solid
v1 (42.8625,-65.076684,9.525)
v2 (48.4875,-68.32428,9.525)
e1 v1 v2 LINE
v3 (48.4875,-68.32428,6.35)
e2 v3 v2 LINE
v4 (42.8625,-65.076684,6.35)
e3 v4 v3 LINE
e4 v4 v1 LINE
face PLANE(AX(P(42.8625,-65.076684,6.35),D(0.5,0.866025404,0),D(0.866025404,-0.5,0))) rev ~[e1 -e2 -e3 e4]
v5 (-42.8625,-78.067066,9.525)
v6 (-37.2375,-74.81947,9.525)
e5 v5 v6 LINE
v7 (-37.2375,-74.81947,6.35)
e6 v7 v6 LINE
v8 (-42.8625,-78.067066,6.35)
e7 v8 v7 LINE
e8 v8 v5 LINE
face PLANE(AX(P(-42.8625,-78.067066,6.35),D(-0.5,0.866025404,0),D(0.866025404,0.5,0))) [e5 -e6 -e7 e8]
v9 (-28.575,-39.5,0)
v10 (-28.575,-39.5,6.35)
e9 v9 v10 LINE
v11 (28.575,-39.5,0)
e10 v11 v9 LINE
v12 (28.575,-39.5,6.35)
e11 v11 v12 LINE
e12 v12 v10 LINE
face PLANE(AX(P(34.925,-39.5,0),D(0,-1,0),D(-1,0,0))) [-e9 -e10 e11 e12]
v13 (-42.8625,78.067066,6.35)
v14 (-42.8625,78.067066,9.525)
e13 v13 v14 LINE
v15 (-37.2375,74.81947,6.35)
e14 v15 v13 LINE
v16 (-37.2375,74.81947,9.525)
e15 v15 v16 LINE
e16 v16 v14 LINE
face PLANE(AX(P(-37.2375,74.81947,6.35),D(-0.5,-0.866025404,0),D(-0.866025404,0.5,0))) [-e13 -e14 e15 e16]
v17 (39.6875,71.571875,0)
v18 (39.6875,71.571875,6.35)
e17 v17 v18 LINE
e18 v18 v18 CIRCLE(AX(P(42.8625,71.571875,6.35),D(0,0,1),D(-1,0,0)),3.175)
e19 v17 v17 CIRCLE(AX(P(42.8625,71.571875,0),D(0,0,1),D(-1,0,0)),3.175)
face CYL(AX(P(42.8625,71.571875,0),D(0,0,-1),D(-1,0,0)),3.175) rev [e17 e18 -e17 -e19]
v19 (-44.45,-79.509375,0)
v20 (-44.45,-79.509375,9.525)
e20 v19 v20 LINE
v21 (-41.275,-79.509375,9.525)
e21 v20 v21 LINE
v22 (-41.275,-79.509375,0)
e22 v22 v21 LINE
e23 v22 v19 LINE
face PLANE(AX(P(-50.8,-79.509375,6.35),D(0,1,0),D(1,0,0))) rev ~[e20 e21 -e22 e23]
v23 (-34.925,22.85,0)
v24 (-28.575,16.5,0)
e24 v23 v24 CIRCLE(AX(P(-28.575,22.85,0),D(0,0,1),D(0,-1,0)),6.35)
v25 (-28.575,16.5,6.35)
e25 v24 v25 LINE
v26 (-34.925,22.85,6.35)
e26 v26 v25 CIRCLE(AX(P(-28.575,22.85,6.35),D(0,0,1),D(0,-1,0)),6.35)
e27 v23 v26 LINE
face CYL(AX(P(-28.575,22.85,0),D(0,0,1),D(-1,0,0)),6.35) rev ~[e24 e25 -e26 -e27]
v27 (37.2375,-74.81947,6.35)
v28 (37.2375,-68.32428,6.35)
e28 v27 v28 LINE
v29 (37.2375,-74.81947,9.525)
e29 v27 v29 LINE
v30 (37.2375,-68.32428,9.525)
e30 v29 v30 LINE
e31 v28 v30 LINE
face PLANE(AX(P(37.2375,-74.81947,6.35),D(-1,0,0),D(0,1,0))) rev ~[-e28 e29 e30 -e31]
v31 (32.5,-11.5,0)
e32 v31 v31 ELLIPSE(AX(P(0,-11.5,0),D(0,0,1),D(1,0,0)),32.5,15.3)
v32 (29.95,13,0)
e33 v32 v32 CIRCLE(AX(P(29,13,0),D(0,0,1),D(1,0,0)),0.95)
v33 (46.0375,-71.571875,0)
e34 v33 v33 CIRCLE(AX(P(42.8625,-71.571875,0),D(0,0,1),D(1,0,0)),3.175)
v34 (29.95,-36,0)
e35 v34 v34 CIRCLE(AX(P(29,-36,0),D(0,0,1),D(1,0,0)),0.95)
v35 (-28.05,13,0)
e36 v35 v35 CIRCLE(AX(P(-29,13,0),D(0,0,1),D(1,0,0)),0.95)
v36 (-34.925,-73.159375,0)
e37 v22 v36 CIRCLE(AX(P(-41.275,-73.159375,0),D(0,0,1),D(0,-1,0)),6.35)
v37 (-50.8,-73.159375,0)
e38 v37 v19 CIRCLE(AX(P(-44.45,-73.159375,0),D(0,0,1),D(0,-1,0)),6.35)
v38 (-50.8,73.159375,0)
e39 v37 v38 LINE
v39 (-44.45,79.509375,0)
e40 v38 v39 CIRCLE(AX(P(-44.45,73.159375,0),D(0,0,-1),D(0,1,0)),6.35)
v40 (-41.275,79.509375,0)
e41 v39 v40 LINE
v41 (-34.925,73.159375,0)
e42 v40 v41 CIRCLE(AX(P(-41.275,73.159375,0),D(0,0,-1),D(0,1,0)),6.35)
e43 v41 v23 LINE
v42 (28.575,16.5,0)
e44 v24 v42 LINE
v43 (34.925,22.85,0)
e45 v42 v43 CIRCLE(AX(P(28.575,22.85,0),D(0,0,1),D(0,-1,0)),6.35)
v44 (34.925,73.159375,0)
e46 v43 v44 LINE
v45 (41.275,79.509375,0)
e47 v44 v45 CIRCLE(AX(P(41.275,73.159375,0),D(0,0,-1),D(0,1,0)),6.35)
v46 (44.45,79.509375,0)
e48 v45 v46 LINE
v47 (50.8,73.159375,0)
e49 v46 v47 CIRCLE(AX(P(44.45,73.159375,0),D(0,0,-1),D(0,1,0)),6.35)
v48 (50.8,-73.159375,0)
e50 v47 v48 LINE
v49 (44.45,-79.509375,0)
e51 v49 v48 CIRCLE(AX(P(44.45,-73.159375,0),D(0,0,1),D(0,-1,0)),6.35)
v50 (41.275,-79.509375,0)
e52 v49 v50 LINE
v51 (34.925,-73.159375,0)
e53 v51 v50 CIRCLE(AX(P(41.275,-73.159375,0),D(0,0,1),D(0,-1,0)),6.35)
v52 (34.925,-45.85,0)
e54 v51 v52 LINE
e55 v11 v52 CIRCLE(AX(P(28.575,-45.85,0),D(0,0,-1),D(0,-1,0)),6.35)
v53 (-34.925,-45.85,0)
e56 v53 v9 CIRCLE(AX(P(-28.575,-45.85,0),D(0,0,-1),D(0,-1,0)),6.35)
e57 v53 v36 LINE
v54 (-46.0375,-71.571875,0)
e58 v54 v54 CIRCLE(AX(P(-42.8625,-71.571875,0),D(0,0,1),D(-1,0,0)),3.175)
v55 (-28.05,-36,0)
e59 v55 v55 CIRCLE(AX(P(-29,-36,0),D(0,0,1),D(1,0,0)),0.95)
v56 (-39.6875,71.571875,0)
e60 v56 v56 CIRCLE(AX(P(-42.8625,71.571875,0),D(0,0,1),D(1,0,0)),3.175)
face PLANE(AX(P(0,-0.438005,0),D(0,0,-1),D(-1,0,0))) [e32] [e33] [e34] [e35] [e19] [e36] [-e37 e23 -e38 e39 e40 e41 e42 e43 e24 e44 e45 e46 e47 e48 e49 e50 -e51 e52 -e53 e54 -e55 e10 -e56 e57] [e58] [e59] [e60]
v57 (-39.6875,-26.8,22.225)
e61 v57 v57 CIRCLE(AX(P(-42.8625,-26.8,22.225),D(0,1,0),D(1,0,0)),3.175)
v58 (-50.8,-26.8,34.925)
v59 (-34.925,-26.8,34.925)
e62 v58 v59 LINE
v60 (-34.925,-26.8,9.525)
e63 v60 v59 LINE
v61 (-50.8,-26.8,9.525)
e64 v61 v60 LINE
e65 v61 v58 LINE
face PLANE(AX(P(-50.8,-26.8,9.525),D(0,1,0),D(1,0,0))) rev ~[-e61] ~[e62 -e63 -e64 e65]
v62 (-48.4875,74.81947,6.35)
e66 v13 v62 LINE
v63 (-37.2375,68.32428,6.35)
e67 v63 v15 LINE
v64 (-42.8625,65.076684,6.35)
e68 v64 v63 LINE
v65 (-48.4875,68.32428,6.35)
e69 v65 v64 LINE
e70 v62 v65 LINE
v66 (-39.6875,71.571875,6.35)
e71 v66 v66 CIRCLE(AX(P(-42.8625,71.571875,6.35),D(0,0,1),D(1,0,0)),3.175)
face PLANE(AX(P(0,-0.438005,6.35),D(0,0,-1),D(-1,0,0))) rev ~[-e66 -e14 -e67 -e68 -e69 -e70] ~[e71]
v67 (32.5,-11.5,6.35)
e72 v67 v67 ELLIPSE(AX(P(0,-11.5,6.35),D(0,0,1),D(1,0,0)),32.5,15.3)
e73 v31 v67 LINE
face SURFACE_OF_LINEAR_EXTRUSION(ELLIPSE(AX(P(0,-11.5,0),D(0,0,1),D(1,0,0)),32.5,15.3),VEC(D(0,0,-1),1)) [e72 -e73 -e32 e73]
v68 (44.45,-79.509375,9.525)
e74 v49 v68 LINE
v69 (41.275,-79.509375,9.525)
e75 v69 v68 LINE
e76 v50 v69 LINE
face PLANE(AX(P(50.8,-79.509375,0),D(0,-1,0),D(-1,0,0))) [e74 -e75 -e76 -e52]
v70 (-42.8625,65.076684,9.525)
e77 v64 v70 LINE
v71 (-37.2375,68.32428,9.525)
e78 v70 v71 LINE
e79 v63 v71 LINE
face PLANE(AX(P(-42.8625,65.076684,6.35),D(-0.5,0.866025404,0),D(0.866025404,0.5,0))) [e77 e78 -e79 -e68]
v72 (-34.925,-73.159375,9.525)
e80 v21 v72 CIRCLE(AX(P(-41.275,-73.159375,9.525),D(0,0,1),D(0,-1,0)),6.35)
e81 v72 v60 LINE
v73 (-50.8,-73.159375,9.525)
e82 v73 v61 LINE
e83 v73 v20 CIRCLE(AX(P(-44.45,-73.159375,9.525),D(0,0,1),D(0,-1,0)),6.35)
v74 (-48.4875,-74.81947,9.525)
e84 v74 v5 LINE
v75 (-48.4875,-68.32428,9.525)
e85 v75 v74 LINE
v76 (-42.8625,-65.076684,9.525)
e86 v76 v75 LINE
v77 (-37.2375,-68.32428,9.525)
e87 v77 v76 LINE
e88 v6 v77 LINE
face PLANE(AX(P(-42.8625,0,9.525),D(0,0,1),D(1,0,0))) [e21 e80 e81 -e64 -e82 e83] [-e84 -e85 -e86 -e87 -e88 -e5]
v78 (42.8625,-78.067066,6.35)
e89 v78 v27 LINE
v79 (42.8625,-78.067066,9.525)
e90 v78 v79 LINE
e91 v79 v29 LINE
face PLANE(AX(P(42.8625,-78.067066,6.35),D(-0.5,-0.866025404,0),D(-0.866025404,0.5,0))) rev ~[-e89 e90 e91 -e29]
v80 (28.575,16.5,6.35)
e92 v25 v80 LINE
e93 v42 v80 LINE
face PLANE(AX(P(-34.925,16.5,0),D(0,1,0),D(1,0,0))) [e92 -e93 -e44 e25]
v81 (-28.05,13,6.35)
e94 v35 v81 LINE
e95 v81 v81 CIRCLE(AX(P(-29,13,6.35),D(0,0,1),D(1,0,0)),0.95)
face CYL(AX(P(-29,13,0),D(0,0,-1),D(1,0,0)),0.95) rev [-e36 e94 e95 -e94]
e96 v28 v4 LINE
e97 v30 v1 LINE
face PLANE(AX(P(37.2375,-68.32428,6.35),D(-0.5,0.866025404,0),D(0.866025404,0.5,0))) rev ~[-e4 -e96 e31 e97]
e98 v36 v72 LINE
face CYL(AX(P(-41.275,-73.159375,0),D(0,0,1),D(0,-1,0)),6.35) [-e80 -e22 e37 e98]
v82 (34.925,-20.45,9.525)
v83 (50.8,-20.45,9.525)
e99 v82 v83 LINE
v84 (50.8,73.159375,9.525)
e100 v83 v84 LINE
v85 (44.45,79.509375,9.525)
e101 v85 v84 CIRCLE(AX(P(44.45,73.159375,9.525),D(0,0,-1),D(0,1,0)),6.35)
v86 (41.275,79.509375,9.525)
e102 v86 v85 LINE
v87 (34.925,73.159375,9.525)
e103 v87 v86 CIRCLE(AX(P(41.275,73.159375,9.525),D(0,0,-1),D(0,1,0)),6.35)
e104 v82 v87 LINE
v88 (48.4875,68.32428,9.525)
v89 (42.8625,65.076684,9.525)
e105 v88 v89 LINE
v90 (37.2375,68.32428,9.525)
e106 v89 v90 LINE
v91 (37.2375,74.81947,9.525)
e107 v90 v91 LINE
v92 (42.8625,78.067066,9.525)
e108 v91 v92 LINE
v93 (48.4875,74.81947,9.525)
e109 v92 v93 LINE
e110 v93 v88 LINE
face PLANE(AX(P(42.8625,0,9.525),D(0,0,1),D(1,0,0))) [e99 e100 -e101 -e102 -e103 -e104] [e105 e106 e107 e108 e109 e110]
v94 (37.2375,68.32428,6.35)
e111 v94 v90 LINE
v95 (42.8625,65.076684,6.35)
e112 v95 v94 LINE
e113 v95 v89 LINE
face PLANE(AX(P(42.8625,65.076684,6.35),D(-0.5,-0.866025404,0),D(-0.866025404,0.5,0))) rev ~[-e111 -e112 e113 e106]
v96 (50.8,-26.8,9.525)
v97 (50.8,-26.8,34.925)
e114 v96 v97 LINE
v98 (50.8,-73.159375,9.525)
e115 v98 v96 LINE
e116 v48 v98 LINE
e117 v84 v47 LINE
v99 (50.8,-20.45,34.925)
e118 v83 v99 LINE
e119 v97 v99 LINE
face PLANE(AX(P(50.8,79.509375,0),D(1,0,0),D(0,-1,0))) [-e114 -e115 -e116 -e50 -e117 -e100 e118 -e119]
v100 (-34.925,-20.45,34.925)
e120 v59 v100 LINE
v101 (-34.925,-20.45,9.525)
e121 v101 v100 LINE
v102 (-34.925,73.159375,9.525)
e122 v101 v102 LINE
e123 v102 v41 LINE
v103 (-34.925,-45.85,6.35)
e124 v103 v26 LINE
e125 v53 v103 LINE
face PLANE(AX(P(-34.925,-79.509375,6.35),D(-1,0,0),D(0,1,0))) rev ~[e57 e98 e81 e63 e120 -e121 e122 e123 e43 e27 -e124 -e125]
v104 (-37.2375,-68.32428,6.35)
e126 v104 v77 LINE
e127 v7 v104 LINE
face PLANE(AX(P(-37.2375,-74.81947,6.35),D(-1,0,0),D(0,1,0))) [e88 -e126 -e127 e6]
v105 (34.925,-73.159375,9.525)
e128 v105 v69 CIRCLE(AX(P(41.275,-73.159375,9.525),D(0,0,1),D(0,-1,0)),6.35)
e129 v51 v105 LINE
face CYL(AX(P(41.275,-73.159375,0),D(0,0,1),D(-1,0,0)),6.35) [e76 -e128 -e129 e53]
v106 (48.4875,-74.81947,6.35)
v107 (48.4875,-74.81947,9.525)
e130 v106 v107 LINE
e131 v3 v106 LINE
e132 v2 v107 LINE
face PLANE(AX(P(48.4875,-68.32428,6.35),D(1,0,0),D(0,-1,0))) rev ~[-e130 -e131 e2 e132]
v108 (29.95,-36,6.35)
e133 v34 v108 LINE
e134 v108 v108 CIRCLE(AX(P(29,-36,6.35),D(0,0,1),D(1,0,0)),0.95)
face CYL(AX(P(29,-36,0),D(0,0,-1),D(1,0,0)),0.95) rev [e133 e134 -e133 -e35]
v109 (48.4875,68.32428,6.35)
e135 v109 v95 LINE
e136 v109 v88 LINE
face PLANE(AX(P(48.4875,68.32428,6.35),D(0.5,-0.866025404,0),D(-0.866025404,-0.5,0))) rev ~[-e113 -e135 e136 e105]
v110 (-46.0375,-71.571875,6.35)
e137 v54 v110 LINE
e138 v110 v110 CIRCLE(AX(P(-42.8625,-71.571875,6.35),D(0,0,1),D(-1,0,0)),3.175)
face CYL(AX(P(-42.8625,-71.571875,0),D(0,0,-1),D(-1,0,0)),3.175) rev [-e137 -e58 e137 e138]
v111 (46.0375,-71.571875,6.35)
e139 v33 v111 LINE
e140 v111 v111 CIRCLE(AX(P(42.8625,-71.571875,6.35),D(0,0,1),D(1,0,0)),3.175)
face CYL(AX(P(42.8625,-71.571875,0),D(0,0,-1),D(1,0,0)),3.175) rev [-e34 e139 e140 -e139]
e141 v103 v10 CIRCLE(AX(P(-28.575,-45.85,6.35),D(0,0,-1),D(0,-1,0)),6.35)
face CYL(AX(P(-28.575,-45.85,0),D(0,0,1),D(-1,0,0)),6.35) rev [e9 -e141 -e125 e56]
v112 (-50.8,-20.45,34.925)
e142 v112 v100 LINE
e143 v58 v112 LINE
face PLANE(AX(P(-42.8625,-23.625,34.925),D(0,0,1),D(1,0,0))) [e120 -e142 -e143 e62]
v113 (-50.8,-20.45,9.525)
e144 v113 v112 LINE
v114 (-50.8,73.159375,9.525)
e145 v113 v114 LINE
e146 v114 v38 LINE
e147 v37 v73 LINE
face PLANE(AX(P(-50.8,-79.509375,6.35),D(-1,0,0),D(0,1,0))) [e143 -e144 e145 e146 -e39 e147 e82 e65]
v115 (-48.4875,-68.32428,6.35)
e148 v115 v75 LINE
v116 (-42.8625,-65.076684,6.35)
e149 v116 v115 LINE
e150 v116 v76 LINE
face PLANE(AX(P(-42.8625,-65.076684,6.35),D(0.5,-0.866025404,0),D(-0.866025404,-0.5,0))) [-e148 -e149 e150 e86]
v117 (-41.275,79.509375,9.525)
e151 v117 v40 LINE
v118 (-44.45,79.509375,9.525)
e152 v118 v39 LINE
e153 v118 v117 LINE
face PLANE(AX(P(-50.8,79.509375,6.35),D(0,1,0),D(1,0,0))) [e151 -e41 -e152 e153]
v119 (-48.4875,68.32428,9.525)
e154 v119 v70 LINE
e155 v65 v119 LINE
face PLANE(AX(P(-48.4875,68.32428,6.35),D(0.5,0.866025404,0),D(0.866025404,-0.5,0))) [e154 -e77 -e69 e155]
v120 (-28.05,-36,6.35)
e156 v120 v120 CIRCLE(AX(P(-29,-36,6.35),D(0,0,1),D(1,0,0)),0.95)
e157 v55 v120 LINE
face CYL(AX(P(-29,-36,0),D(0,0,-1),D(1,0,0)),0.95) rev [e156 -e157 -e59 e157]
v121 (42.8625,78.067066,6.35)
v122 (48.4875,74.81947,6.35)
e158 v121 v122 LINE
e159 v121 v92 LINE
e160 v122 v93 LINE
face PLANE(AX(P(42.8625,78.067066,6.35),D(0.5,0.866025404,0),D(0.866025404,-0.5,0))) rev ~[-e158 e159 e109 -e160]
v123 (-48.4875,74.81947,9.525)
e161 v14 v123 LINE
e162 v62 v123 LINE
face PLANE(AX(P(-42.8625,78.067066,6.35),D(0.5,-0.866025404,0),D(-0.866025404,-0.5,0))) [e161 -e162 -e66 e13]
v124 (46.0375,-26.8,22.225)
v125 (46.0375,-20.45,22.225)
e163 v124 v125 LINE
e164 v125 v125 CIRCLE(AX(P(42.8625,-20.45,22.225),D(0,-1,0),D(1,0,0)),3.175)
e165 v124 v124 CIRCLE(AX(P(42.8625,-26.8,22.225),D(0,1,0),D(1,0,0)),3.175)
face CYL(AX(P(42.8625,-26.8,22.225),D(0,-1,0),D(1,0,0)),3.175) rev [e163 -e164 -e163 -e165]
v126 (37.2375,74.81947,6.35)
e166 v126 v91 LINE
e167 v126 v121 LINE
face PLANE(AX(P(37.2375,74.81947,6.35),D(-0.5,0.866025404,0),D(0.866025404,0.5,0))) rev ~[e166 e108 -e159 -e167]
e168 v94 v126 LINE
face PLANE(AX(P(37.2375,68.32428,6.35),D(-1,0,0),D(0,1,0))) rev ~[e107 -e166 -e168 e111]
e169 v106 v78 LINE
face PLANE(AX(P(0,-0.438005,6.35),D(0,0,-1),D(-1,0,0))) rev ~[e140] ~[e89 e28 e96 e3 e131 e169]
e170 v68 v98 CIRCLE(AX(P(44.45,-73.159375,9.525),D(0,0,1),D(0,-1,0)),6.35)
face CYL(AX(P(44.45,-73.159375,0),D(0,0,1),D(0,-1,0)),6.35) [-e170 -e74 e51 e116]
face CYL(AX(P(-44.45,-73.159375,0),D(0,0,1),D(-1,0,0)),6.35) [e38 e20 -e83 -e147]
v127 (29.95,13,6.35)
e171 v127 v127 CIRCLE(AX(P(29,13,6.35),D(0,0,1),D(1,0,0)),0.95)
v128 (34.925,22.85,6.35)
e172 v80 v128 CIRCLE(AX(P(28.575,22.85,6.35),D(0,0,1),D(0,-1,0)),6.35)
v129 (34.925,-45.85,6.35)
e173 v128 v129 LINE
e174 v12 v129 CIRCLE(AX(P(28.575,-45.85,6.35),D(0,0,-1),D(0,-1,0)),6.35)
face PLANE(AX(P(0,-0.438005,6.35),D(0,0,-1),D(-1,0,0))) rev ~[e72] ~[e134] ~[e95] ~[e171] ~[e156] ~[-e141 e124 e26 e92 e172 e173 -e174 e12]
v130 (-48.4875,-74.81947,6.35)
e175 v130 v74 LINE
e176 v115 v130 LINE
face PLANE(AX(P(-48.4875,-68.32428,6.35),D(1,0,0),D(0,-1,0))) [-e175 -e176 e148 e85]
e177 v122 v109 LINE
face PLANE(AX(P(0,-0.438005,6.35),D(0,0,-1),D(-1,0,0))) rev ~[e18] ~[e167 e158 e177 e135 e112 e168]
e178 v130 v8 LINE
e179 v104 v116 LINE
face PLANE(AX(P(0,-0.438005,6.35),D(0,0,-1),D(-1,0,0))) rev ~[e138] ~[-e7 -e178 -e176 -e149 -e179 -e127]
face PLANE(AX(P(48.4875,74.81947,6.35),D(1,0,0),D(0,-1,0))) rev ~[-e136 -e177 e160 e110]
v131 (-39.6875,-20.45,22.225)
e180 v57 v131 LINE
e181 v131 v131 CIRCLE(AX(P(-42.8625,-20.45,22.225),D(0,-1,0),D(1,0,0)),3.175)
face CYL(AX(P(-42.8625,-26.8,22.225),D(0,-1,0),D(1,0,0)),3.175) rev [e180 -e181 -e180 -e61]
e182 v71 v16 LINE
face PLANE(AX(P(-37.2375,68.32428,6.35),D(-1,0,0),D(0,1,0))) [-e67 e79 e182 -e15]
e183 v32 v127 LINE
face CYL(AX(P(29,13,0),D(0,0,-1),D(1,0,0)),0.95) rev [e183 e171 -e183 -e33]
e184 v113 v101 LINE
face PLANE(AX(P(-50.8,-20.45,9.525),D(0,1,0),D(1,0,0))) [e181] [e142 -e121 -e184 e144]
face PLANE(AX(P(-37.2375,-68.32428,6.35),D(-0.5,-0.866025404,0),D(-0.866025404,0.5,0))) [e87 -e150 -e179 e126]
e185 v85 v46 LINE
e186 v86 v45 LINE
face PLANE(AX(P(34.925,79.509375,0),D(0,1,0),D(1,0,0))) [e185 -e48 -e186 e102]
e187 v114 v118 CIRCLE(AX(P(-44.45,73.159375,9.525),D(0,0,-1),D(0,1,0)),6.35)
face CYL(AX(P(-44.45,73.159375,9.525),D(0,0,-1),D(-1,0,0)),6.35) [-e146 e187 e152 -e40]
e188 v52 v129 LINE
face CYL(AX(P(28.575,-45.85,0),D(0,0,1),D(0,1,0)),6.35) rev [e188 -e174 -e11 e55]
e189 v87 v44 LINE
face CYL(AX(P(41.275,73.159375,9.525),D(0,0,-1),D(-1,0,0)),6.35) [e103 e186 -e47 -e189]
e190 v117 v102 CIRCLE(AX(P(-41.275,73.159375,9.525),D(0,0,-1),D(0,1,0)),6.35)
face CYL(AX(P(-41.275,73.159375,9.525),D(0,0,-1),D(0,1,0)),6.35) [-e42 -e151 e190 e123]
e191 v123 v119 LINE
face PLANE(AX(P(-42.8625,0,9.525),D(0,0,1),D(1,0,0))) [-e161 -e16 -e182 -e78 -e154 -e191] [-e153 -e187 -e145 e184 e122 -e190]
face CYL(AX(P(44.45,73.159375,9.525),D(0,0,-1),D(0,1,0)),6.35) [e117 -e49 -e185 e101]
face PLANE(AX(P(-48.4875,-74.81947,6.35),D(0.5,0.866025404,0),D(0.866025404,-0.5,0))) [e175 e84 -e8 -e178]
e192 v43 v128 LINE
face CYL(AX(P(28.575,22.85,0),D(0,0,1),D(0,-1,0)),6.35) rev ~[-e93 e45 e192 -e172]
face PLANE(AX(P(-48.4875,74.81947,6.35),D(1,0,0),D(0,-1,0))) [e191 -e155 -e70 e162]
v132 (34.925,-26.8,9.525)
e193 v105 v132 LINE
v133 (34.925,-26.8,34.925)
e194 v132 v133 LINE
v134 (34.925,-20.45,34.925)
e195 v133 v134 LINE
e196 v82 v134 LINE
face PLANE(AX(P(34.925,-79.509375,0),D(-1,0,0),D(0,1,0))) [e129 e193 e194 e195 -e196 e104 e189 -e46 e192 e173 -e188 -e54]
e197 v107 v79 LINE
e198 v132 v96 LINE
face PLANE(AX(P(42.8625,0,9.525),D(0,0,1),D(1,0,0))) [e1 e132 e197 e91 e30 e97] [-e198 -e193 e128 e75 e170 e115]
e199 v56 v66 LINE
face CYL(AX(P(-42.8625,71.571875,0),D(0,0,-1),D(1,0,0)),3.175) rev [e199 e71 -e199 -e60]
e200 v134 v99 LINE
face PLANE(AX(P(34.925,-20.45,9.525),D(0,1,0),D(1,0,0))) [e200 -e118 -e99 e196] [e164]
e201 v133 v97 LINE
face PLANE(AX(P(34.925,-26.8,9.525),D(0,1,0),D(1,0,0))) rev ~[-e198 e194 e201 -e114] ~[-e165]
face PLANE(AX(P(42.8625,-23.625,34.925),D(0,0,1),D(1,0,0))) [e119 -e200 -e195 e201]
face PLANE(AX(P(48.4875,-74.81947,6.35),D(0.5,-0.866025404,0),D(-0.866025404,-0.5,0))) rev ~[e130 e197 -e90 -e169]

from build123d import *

# Parameters (mm, degrees)
SKETCH1_R           = 0.95
SKETCH1_R_2         = 3.175
SKETCH1_RX          = 32.5
SKETCH1_RY          = 15.3
BOSS_EXTRUDE1_DEPTH = 6.35
SKETCH2_W           = 15.875
SKETCH2_H           = 159.01875
BOSS_EXTRUDE2_DEPTH = 3.175
SKETCH3_W           = 15.875
SKETCH3_H           = 6.35
BOSS_EXTRUDE3_DEPTH = 25.4
SKETCH4_R           = 3.175
CUT_EXTRUDE1_DEPTH  = 123.890515655
FILLET2_R           = 6.35


with BuildPart() as part:
    # Sketch1 → Boss-Extrude1 (new body)
    with BuildSketch(Plane.XY):
        Polygon((-50.8, -79.509375), (-50.8, 79.509375), (-34.925, 79.509375), (-34.925, 16.5), (34.925, 16.5), (34.925, 79.509375), (50.8, 79.509375), (50.8, -79.509375), (34.925, -79.509375), (34.925, -39.5), (-34.925, -39.5), (-34.925, -79.509375), align=None)
        with Locations((29, 13)):
            Circle(SKETCH1_R, mode=Mode.SUBTRACT)
        with Locations((29, -36)):
            Circle(SKETCH1_R, mode=Mode.SUBTRACT)
        with Locations((-29, -36)):
            Circle(SKETCH1_R, mode=Mode.SUBTRACT)
        with Locations((-29, 13)):
            Circle(SKETCH1_R, mode=Mode.SUBTRACT)
        with Locations((-42.8625, 71.571875)):
            Circle(SKETCH1_R_2, mode=Mode.SUBTRACT)
        with Locations(Location((42.8625, 71.571875, 0), (0, 0, 180))):
            Circle(SKETCH1_R_2, mode=Mode.SUBTRACT)
        with Locations(Location((-42.8625, -71.571875, 0), (0, 0, 180))):
            Circle(SKETCH1_R_2, mode=Mode.SUBTRACT)
        with Locations((42.8625, -71.571875)):
            Circle(SKETCH1_R_2, mode=Mode.SUBTRACT)
        with Locations(Location((0, -11.5), (0, 0, 0))):
            Ellipse(SKETCH1_RX, SKETCH1_RY, mode=Mode.SUBTRACT)
    extrude(amount=BOSS_EXTRUDE1_DEPTH)

    # Sketch2 → Boss-Extrude2 (add)
    # profile 1 of 2: a face of its own
    with BuildSketch(Plane.XY.offset(6.35)):
        with Locations((-42.8625, 0)):
            Rectangle(SKETCH2_W, SKETCH2_H)
        Polygon((-48.4875, 68.324279736), (-42.8625, 65.076684472), (-37.2375, 68.324279736), (-37.2375, 74.819470264), (-42.8625, 78.067065528), (-48.4875, 74.819470264), align=None, mode=Mode.SUBTRACT)
        Polygon((-37.2375, -68.324279736), (-42.8625, -65.076684472), (-48.4875, -68.324279736), (-48.4875, -74.819470264), (-42.8625, -78.067065528), (-37.2375, -74.819470264), align=None, mode=Mode.SUBTRACT)
    # profile 2 of 2: a face of its own
    with BuildSketch(Plane.XY.offset(6.35)):
        with Locations((42.8625, 0)):
            Rectangle(SKETCH2_W, SKETCH2_H)
        Polygon((37.2375, -74.819470264), (37.2375, -68.324279736), (42.8625, -65.076684472), (48.4875, -68.324279736), (48.4875, -74.819470264), (42.8625, -78.067065528), align=None, mode=Mode.SUBTRACT)
        Polygon((48.4875, 74.819470264), (48.4875, 68.324279736), (42.8625, 65.076684472), (37.2375, 68.324279736), (37.2375, 74.819470264), (42.8625, 78.067065528), align=None, mode=Mode.SUBTRACT)
    extrude(amount=BOSS_EXTRUDE2_DEPTH)

    # Sketch3 → Boss-Extrude3 (add)
    with BuildSketch(Plane.XY.offset(9.525)):
        with Locations((-42.8625, -23.625)):
            Rectangle(SKETCH3_W, SKETCH3_H)
        with Locations((42.8625, -23.625)):
            Rectangle(SKETCH3_W, SKETCH3_H)
    extrude(amount=BOSS_EXTRUDE3_DEPTH)

    # Sketch4 → Cut-Extrude1 (cut, through all)
    with BuildSketch(Plane(origin=(0, -26.8, 0), x_dir=(1, 0, 0), z_dir=(0, 1, 0))):
        with Locations((-42.8625, -22.225)):
            Circle(SKETCH4_R)
        with Locations((42.8625, -22.225)):
            Circle(SKETCH4_R)
    extrude(amount=CUT_EXTRUDE1_DEPTH, mode=Mode.SUBTRACT)

    # Fillet2
    fillet2_edges = [part.edges().sort_by_distance(p)[0] for p in [
        (-50.8, -79.509375, 4.7625),
        (-50.8, 79.509375, 4.7625),
        (-34.925, 79.509375, 4.7625),
        (-34.925, 16.5, 3.175),
        (34.925, 16.5, 3.175),
        (34.925, 79.509375, 4.7625),
        (50.8, 79.509375, 4.7625),
        (50.8, -79.509375, 4.7625),
        (34.925, -79.509375, 4.7625),
        (34.925, -39.5, 3.175),
        (-34.925, -39.5, 3.175),
        (-34.925, -79.509375, 4.7625),
    ]]
    fillet(fillet2_edges, radius=FILLET2_R)


solid = part.part
